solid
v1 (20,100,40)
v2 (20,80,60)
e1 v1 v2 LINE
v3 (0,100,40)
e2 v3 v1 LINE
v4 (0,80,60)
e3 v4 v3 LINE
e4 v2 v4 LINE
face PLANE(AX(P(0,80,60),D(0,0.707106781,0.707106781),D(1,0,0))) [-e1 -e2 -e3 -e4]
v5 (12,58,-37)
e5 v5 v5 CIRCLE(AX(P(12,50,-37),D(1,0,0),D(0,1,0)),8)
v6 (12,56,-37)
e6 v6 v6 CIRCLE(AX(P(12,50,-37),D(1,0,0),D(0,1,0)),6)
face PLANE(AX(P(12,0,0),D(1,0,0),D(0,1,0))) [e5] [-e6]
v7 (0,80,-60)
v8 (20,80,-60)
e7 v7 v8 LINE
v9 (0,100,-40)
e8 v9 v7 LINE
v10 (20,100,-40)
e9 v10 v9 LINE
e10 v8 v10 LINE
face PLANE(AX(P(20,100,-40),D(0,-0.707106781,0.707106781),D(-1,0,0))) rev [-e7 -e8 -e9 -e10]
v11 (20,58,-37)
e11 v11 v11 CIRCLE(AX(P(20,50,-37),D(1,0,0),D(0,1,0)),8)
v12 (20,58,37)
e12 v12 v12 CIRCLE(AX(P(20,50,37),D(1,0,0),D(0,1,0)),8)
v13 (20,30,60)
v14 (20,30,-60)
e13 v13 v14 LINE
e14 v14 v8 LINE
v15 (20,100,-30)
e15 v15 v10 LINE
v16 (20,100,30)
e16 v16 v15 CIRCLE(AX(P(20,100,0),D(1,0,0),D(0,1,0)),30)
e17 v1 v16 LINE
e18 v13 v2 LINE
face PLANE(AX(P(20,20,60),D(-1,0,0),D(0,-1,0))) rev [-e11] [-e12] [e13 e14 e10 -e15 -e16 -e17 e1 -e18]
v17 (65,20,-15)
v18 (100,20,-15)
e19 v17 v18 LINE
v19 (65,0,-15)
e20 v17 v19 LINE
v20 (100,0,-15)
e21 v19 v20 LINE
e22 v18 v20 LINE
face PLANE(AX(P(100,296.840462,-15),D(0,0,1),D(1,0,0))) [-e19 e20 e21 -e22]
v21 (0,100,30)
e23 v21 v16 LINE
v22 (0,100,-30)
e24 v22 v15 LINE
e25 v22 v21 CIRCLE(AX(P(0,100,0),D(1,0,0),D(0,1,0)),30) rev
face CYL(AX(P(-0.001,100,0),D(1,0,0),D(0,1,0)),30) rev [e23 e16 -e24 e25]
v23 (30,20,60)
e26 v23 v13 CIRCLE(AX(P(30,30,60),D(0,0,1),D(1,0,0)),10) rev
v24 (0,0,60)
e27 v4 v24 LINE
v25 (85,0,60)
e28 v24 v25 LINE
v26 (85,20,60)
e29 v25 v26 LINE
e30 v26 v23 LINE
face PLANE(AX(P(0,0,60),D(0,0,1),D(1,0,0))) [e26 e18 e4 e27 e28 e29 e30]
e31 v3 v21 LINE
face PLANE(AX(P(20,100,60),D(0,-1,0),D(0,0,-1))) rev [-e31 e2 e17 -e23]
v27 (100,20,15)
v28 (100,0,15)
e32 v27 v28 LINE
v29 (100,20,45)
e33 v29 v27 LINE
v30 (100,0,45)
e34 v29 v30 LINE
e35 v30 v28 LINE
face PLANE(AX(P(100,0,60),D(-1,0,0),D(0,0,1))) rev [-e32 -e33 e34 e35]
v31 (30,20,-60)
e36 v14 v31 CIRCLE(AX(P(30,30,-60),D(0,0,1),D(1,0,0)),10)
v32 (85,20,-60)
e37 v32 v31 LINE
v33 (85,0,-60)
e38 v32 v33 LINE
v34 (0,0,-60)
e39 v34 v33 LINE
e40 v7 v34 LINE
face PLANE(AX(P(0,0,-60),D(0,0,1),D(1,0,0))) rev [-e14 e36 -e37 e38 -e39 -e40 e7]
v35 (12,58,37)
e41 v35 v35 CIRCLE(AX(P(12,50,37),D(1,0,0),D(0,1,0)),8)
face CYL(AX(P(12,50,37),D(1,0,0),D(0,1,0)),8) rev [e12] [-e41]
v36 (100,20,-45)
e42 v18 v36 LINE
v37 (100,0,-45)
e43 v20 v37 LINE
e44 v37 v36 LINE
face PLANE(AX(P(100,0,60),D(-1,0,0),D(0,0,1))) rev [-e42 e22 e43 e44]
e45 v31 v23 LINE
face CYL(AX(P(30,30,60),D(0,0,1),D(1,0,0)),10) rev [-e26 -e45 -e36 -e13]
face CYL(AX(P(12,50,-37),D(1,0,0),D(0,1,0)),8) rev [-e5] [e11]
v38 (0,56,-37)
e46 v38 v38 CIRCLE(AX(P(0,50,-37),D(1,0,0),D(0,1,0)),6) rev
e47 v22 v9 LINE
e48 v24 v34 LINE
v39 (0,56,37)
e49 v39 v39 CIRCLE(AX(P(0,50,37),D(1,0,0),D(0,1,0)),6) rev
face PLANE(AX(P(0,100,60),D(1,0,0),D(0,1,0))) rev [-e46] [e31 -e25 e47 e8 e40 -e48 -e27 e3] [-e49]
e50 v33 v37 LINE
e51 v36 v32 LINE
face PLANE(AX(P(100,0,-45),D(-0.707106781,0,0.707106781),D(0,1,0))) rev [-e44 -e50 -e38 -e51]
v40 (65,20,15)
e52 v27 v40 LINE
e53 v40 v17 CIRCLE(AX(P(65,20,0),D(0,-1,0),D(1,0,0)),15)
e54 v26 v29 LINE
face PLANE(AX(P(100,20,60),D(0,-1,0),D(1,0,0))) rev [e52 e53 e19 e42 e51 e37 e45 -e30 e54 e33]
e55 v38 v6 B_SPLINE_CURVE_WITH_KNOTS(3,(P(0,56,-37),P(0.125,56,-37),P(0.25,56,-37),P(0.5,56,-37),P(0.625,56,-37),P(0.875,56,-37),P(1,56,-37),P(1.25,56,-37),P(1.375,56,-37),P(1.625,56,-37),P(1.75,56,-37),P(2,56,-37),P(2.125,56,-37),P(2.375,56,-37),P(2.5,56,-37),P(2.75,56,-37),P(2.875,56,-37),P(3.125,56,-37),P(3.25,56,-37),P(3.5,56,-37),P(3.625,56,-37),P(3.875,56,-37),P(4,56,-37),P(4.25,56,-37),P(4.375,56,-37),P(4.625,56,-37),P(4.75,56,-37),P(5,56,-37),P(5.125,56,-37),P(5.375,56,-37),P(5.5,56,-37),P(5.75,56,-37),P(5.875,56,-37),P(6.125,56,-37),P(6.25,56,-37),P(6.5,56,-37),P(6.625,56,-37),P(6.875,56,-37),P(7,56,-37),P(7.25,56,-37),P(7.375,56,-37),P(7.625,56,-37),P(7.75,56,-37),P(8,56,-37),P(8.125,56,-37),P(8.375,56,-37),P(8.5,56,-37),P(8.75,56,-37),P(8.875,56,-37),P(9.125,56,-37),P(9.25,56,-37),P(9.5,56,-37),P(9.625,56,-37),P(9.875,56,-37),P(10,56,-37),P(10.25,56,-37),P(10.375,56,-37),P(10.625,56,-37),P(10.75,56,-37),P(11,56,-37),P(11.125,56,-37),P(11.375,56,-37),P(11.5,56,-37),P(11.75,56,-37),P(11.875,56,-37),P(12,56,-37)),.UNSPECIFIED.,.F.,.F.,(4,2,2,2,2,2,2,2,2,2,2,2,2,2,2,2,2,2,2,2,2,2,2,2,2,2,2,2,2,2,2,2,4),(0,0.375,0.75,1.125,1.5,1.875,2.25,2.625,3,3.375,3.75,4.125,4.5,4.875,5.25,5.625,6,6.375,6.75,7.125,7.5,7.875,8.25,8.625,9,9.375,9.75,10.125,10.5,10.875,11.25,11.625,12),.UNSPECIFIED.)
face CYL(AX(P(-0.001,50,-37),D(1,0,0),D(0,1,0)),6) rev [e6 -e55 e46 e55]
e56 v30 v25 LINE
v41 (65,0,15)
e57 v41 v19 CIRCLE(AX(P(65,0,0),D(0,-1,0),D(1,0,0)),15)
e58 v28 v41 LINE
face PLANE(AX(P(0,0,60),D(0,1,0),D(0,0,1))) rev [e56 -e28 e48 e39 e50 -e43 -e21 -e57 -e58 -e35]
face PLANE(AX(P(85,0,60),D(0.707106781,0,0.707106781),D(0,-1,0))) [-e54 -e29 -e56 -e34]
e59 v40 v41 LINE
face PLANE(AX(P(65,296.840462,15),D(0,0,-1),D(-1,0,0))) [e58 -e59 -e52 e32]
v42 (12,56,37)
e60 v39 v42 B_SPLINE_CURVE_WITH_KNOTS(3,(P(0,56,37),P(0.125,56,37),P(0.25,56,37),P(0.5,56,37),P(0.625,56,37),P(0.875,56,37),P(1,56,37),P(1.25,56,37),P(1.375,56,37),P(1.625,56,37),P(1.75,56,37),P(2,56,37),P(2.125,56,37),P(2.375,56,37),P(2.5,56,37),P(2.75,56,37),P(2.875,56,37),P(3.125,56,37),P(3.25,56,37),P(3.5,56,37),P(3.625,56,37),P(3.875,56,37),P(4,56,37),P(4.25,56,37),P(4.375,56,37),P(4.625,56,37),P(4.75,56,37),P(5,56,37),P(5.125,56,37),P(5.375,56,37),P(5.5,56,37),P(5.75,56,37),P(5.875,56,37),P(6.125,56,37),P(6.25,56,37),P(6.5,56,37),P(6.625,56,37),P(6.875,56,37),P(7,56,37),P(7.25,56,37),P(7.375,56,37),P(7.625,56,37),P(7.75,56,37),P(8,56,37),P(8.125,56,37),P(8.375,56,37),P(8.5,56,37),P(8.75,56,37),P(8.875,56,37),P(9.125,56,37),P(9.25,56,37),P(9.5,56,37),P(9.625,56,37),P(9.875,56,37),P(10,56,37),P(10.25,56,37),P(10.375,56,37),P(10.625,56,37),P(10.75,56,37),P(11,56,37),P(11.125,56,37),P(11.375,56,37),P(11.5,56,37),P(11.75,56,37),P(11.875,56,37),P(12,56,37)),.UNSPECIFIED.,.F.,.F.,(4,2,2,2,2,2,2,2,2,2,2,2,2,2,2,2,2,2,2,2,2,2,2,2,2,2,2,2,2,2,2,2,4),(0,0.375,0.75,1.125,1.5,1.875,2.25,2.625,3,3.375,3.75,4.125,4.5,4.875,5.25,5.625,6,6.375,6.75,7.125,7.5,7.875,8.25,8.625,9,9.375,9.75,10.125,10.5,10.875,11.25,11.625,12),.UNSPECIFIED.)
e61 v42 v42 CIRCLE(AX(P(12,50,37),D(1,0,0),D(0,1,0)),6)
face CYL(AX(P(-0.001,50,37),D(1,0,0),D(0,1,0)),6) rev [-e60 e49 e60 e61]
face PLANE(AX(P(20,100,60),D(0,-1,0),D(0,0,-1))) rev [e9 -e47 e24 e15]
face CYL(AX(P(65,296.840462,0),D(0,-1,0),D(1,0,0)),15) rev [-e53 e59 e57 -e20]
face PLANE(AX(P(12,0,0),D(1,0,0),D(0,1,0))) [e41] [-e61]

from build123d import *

# Parameters (mm, degrees)
BOSS_EXTRUDE1_DEPTH     = 60
CHAMFER1_SIZE           = 15
CHAMFER2_SIZE           = 20
FILLET2_R               = 10
CUT_EXTRUDE1_REACH      = 143.421
SKETCH2_R               = 6
SKETCH2_3_R             = 8
SKETCH2_3_R_2           = 6
CUT_EXTRUDE2_DEPTH      = 8
CUT_EXTRUDE3_DEPTH      = 142.421356237
CUT_EXTRUDE3_DEPTH_BACK = 20


with BuildPart() as part:
    # Sketch1 → Boss-Extrude1 (new, symmetric)
    with BuildSketch(Plane.XY):
        Polygon((0, 0), (100, 0), (100, 20), (20, 20), (20, 100), (0, 100), align=None)
    extrude(amount=BOSS_EXTRUDE1_DEPTH, both=True)

    # Chamfer1
    chamfer1_edges = [part.edges().sort_by_distance(p)[0] for p in [
        (100, 10, 60),
        (100, 10, -60),
    ]]
    chamfer(chamfer1_edges, length=CHAMFER1_SIZE)

    # Chamfer2
    chamfer2_edges = [part.edges().sort_by_distance(p)[0] for p in [
        (10, 100, 60),
        (10, 100, -60),
    ]]
    chamfer(chamfer2_edges, length=CHAMFER2_SIZE)

    # Fillet2
    fillet2_edges = [part.edges().sort_by_distance(p)[0] for p in [
        (20, 20, 0),
    ]]
    fillet(fillet2_edges, radius=FILLET2_R)

    # Sketch2 → Cut-Extrude1 (cut, up to next)
    with BuildSketch(Plane(origin=(20, 0, 0), x_dir=(0, 0, -1), z_dir=(1, 0, 0)), mode=Mode.PRIVATE) as cut_extrude1_sk1:
        with Locations((-37, 50)):
            Circle(SKETCH2_R)
    cut_extrude1_tool1 = extrude(cut_extrude1_sk1.sketch, amount=-CUT_EXTRUDE1_REACH, mode=Mode.PRIVATE) & part.part
    # Sketch2 → Cut-Extrude1 (cut, up to next)
    with BuildSketch(Plane(origin=(20, 0, 0), x_dir=(0, 0, -1), z_dir=(1, 0, 0)), mode=Mode.PRIVATE) as cut_extrude1_sk2:
        with Locations((37, 50)):
            Circle(SKETCH2_R)
    cut_extrude1_tool2 = extrude(cut_extrude1_sk2.sketch, amount=-CUT_EXTRUDE1_REACH, mode=Mode.PRIVATE) & part.part
    # Sketch2 → Cut-Extrude1 (cut, up to next)
    with BuildSketch(Plane(origin=(20, 0, 0), x_dir=(0, 0, -1), z_dir=(1, 0, 0)), mode=Mode.PRIVATE) as cut_extrude1_sk3:
        with BuildLine():
            Line((30, 100), (-30, 100))
            ThreePointArc((-30, 100), (0, 70), (30, 100))
        make_face()
    cut_extrude1_tool3 = extrude(cut_extrude1_sk3.sketch, amount=-CUT_EXTRUDE1_REACH, mode=Mode.PRIVATE) & part.part
    add(cut_extrude1_tool1.solids().sort_by_distance((20, 50, 37))[0], mode=Mode.SUBTRACT)
    add(cut_extrude1_tool2.solids().sort_by_distance((20, 50, -37))[0], mode=Mode.SUBTRACT)
    add(cut_extrude1_tool3.solids().sort_by_distance((20, 87.267605, 0))[0], mode=Mode.SUBTRACT)

    # Sketch2<3> → Cut-Extrude2 (cut)
    # profile 1 of 2: a face of its own
    with BuildSketch(Plane(origin=(20, 0, 0), x_dir=(0, 0, -1), z_dir=(1, 0, 0))):
        with Locations((-37, 50)):
            Circle(SKETCH2_3_R)
        with Locations((-37, 50)):
            Circle(SKETCH2_3_R_2, mode=Mode.SUBTRACT)
    # profile 2 of 2: a face of its own
    with BuildSketch(Plane(origin=(20, 0, 0), x_dir=(0, 0, -1), z_dir=(1, 0, 0))):
        with Locations((37, 50)):
            Circle(SKETCH2_3_R)
        with Locations((37, 50)):
            Circle(SKETCH2_3_R_2, mode=Mode.SUBTRACT)
    extrude(amount=-CUT_EXTRUDE2_DEPTH, mode=Mode.SUBTRACT)

    # Sketch3 → Cut-Extrude3 (cut, two sides: drawn at the far end of the back side and taken through both)
    with BuildSketch(Plane(origin=(0, 20, 0), x_dir=(1, 0, 0), z_dir=(0, 1, 0)).offset(-CUT_EXTRUDE3_DEPTH_BACK)):
        with BuildLine():
            Line((360, 15), (100, 15))
            Line((100, 15), (65, 15))
            ThreePointArc((65, 15), (50, 0), (65, -15))
            Line((65, -15), (100, -15))
            Line((100, -15), (360, -15))
            Line((360, -15), (880, -15))
            Line((880, -15), (880, 15))
            Line((880, 15), (360, 15))
        make_face()
    extrude(amount=CUT_EXTRUDE3_DEPTH + CUT_EXTRUDE3_DEPTH_BACK, mode=Mode.SUBTRACT)


solid = part.part
